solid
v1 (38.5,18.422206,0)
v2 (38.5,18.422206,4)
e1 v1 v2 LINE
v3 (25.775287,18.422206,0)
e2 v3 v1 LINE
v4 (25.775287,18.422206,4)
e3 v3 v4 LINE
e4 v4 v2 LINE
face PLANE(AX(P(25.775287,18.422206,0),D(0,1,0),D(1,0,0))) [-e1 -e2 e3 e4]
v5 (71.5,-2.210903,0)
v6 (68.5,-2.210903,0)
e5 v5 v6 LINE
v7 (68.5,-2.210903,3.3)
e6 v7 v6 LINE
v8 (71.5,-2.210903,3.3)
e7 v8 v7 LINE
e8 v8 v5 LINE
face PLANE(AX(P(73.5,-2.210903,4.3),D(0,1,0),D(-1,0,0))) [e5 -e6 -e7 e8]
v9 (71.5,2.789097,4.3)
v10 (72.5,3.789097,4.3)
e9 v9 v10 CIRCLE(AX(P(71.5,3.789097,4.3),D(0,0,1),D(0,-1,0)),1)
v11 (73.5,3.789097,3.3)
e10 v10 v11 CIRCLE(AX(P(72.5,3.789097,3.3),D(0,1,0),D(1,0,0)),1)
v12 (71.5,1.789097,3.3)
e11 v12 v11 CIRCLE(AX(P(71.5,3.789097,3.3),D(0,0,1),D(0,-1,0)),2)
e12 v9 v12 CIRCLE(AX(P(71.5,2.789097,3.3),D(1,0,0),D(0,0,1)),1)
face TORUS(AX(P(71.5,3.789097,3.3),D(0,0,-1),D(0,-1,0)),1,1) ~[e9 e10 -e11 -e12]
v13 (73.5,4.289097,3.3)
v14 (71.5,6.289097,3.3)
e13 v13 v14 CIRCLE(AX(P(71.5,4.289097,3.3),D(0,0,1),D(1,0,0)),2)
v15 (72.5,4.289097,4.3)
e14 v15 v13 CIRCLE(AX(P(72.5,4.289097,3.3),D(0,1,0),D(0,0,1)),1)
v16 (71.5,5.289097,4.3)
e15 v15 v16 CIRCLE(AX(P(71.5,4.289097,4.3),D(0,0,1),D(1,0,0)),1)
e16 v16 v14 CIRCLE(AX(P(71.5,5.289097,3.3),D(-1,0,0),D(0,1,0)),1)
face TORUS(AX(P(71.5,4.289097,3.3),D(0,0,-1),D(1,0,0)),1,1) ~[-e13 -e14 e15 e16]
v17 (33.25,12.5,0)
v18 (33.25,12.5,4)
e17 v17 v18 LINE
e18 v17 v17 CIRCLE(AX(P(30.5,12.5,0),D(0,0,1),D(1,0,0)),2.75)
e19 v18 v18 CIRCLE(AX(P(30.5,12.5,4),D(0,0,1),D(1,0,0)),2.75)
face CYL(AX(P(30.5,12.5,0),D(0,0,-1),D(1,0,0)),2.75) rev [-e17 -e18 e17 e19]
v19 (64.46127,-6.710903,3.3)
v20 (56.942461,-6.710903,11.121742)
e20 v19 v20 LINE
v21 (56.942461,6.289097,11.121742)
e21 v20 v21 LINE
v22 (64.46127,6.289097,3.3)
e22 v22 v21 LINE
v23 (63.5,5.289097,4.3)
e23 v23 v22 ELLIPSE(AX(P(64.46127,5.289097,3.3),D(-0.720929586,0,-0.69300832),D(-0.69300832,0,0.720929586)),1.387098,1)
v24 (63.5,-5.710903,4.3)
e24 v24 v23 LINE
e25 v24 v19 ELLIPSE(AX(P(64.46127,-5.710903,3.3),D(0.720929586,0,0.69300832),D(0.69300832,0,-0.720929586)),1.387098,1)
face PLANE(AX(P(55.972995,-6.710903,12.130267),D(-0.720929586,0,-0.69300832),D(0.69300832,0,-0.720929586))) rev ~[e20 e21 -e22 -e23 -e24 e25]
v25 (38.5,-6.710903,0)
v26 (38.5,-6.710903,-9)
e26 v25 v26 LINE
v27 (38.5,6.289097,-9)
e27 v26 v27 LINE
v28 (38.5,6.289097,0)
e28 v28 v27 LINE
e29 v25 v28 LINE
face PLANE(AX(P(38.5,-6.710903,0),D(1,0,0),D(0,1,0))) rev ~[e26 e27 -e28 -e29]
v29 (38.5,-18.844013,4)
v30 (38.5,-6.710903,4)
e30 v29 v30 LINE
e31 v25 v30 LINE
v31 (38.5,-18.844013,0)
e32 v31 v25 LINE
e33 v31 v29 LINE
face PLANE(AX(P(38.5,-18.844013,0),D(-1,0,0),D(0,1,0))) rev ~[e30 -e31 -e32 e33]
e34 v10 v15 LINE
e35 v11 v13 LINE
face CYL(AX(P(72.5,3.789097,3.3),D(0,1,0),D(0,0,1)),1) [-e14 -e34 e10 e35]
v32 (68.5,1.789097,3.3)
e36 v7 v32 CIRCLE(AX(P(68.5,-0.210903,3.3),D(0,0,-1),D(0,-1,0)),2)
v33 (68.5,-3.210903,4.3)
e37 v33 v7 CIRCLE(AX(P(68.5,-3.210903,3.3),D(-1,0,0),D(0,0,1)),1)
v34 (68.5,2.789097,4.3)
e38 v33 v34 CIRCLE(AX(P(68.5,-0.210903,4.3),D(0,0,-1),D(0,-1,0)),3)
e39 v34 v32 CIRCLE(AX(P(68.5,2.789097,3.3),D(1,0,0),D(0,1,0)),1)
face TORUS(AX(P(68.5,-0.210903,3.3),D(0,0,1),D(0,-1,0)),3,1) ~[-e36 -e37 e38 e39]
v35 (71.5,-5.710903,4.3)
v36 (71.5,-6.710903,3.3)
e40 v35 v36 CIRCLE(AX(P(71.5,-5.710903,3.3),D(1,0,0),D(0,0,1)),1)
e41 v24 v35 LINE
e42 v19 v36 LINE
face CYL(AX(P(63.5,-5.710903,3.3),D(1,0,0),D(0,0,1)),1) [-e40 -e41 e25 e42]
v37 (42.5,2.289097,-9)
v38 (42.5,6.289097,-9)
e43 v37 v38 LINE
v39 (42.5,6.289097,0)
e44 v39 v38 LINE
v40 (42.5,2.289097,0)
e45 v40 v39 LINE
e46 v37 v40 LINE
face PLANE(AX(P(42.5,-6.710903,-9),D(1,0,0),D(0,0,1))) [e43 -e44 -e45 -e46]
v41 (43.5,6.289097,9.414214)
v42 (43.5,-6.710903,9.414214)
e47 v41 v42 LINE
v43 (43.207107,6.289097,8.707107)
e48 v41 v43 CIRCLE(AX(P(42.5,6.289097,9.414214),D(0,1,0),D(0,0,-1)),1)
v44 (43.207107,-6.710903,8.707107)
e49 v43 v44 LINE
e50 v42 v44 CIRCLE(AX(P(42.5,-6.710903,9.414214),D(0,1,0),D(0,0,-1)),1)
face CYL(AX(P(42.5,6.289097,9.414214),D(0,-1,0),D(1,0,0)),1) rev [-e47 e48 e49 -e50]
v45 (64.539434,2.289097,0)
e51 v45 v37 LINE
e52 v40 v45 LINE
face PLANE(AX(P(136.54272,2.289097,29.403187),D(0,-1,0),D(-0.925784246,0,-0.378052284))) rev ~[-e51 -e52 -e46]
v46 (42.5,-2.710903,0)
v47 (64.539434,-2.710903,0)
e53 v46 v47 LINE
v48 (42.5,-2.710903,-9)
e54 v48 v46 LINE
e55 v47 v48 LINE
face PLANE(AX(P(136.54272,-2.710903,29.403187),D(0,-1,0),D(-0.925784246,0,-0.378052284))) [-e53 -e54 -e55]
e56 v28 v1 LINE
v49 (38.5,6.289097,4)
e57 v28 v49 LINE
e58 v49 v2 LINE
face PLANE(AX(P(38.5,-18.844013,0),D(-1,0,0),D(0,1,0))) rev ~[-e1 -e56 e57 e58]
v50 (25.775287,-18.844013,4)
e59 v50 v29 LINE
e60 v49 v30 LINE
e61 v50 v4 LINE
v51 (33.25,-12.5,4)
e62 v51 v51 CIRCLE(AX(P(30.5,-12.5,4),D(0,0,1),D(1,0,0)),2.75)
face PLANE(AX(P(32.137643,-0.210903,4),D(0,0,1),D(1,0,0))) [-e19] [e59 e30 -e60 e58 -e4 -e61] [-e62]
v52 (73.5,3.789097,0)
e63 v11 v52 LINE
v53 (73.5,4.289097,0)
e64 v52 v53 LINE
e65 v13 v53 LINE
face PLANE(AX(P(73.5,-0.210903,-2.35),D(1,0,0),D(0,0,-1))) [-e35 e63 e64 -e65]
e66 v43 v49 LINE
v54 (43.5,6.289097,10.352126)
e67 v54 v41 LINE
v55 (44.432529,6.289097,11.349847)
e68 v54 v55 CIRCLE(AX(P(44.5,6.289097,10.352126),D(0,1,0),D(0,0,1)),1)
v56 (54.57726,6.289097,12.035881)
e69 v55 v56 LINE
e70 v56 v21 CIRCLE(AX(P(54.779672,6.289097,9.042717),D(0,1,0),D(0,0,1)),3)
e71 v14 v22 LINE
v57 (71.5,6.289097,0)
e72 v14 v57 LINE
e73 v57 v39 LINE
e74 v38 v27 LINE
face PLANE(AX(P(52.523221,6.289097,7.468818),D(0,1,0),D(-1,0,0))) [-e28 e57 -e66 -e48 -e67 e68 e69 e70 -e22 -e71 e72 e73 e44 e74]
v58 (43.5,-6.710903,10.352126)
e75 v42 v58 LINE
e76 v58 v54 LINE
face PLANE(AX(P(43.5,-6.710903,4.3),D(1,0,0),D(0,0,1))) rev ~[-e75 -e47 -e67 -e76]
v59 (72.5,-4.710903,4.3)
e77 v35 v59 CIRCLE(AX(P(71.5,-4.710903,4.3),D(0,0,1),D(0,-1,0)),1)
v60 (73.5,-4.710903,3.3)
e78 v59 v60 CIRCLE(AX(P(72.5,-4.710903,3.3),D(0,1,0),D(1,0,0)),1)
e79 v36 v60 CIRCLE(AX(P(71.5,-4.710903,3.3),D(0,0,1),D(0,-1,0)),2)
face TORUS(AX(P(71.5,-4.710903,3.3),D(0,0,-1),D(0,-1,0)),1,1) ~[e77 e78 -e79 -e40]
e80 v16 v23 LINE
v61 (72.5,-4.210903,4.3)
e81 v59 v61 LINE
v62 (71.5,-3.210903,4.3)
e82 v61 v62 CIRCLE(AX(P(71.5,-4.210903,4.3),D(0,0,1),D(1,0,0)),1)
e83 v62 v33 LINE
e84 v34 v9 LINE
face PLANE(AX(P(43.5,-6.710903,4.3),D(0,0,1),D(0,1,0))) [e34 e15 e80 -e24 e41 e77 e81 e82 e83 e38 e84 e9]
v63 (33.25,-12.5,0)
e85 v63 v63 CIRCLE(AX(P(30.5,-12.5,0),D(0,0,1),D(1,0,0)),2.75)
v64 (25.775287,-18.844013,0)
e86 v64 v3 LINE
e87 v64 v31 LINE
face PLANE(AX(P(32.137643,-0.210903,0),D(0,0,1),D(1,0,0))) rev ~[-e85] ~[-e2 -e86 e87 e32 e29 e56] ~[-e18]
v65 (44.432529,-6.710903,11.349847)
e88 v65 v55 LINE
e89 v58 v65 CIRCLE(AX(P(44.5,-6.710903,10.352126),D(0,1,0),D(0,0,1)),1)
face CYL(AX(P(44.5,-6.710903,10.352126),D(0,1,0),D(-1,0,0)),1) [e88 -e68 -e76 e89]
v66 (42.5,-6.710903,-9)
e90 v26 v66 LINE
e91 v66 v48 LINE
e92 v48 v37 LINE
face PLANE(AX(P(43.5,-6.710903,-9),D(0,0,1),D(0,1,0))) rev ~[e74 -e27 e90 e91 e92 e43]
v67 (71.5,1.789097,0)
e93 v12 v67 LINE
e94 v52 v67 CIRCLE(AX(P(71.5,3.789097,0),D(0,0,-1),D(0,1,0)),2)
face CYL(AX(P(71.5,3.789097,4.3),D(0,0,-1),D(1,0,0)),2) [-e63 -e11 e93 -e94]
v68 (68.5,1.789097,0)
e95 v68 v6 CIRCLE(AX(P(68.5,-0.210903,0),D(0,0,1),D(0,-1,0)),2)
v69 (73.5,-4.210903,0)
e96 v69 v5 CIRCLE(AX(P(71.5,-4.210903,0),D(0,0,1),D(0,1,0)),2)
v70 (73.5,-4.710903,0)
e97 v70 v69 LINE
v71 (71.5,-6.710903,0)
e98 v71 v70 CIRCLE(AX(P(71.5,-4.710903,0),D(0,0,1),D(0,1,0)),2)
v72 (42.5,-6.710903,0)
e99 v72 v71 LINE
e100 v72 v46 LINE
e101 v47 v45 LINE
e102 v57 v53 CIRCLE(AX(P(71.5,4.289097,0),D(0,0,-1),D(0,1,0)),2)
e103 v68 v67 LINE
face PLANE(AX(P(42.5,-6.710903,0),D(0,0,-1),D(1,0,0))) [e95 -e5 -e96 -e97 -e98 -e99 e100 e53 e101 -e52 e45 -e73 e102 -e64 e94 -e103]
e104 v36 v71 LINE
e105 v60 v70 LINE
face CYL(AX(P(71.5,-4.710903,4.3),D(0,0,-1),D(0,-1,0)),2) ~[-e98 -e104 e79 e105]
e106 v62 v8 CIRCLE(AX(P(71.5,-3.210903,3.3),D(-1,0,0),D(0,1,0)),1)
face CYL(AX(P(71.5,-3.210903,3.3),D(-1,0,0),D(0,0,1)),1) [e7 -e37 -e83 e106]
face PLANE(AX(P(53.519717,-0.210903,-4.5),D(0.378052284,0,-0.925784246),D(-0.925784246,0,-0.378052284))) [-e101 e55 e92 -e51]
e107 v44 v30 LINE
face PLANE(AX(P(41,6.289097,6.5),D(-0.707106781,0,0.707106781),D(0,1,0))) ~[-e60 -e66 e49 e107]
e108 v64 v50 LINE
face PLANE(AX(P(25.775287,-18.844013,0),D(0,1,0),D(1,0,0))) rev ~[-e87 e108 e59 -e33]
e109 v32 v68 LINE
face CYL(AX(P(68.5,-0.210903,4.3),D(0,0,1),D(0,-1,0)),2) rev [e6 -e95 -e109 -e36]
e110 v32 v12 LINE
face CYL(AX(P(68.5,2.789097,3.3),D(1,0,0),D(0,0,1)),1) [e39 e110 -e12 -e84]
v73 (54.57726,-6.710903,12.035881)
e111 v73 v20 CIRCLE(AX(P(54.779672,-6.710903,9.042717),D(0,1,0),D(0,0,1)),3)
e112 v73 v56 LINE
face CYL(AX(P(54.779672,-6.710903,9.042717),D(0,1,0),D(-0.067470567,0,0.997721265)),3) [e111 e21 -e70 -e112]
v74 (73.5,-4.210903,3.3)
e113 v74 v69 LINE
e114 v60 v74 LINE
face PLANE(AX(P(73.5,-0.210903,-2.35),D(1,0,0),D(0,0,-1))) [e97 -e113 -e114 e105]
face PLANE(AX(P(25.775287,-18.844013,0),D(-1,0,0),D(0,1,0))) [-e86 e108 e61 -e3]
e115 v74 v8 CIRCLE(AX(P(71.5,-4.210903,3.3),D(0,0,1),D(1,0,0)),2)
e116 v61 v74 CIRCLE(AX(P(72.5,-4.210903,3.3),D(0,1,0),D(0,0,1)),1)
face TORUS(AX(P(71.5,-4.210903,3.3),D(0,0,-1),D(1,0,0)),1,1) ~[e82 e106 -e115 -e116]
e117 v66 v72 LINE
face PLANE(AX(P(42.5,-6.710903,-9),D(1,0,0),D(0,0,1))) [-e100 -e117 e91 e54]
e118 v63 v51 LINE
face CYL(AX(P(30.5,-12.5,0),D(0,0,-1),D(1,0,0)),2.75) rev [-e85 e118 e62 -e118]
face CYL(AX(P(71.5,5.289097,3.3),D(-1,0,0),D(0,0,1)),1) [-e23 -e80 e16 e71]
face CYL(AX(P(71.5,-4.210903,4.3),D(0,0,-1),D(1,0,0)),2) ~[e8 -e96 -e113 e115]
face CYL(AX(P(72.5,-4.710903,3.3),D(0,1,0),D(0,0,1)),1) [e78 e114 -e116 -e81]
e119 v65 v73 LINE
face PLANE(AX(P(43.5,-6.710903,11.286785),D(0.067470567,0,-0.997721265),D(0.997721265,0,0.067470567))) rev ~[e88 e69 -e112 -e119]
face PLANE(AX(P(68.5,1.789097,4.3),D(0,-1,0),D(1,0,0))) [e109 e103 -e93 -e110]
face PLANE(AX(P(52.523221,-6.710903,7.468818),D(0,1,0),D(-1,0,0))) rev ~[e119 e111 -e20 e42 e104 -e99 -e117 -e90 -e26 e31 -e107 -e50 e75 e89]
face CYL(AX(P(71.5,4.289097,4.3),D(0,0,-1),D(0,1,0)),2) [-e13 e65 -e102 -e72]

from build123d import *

# Parameters (mm, degrees)
SKETCH_2_W          = 12.724713087
SKETCH_2_H          = 37.266218859
SKETCH_2_R          = 2.75
EXTRUDE_1_DEPTH     = 4
SKETCH_3_W          = 5
SKETCH_3_H          = 13
EXTRUDE_2_DEPTH     = 4
SKETCH_4_W          = 5
SKETCH_4_H          = 13
EXTRUDE_4_DEPTH     = 9
SKETCH_5_W          = 13.3
SKETCH_5_H          = 13
EXTRUDE_5_DEPTH     = 30
CUT_EXTRUDE_2_DEPTH = 78.033997806
EXTRUDE_6_DEPTH     = 13
FILLET_4_R          = 3
SKETCH_12_W         = 31
SKETCH_12_H         = 9
CUT_EXTRUDE_3_DEPTH = 79.606298904
RIB_1_REACH         = 78.775
SKETCH_13_WALL_W    = 179.357132042
SKETCH_13_WALL_H    = 5
CHAMFER_1_SIZE      = 5
FILLET_5_R          = 1
FILLET_6_R          = 2
FILLET_7_R          = 1


with BuildPart() as part:
    # 草图2 → 凸台-拉伸1 (new body)
    with BuildSketch(Plane.XY):
        with Locations((32.137643457, -0.210903357)):
            Rectangle(SKETCH_2_W, SKETCH_2_H)
        with Locations((30.5, -12.5)):
            Circle(SKETCH_2_R, mode=Mode.SUBTRACT)
        with Locations((30.5, 12.5)):
            Circle(SKETCH_2_R, mode=Mode.SUBTRACT)
    extrude(amount=EXTRUDE_1_DEPTH)

    # 草图3 → 凸台-拉伸2 (add)
    with BuildSketch(Plane(origin=(0, 230.908781145, 0), x_dir=(-1, 0, 0), z_dir=(0, 0, 1))):
        with Locations((-41, 231.119684502)):
            Rectangle(SKETCH_3_W, SKETCH_3_H)
    extrude(amount=EXTRUDE_2_DEPTH)

    # 草图4 → 凸台-拉伸4 (add)
    with BuildSketch(Plane.XY):
        with Locations((41, -0.210903358)):
            Rectangle(SKETCH_4_W, SKETCH_4_H)
    extrude(amount=-EXTRUDE_4_DEPTH)

    # 草图5 → 凸台-拉伸5 (add)
    with BuildSketch(Plane(origin=(43.5, 0, 0), x_dir=(0, 0, -1), z_dir=(1, 0, 0))):
        with Locations((2.35, -0.210903358)):
            Rectangle(SKETCH_5_W, SKETCH_5_H)
    extrude(amount=EXTRUDE_5_DEPTH)

    # 草图9 → 切除-拉伸2 (cut, through all)
    with BuildSketch(Plane.XY.offset(4.3)):
        with BuildLine():
            Line((68.5, 1.789096642), (73.5, 1.789096642))
            Line((73.5, 1.789096642), (73.5, -2.210903358))
            Line((73.5, -2.210903358), (68.5, -2.210903358))
            ThreePointArc((68.5, -2.210903358), (66.5, -0.210903358), (68.5, 1.789096642))
        make_face()
    extrude(amount=-CUT_EXTRUDE_2_DEPTH, mode=Mode.SUBTRACT)

    # 草图10 → 凸台-拉伸6 (add)
    with BuildSketch(Plane.XZ.offset(6.710903358)):
        Polygon((43.5, 11.286784974), (55.972995456, 12.130267128), (63.5, 4.3), (43.5, 4.3), align=None)
    extrude(amount=-EXTRUDE_6_DEPTH)

    # 圆角4
    fillet_4_edges = [part.edges().sort_by_distance(p)[0] for p in [
        (55.972995456, -0.210903358, 12.130267128),
    ]]
    fillet(fillet_4_edges, radius=FILLET_4_R)

    # 草图12 → 切除-拉伸3 (cut, through all)
    with BuildSketch(Plane.XZ.offset(6.710903358)):
        with Locations((58, -4.5)):
            Rectangle(SKETCH_12_W, SKETCH_12_H)
    extrude(amount=-CUT_EXTRUDE_3_DEPTH, mode=Mode.SUBTRACT)

    # 草图13 wall → 筋1 (add, up to next)
    with BuildSketch(Plane(origin=(53.519716797, -0.210903358, -4.5), x_dir=(-0.925784246104, 0, -0.378052284302), z_dir=(0.378052284302, 0, -0.925784246104)), mode=Mode.PRIVATE) as rib_1_sk1:
        Rectangle(SKETCH_13_WALL_W, SKETCH_13_WALL_H)
    rib_1_tool1 = extrude(rib_1_sk1.sketch, amount=-RIB_1_REACH, mode=Mode.PRIVATE) - part.part
    add(rib_1_tool1.solids().sort_by_distance((53.519716797, -0.210903358, -4.5))[0])

    # 倒角1
    chamfer_1_edges = [part.edges().sort_by_distance(p)[0] for p in [
        (43.5, -0.210903358, 4),
    ]]
    chamfer(chamfer_1_edges, length=CHAMFER_1_SIZE)

    # 圆角5
    fillet_5_edges = [part.edges().sort_by_distance(p)[0] for p in [
        (43.5, -0.210903358, 9),
        (43.5, -0.210903358, 11.286784974),
    ]]
    fillet(fillet_5_edges, radius=FILLET_5_R)

    # 圆角6
    fillet_6_edges = [part.edges().sort_by_distance(p)[0] for p in [
        (73.5, 1.789096642, 2.15),
        (73.5, -2.210903358, 2.15),
        (73.5, 6.289096642, 2.15),
        (73.5, -6.710903358, 2.15),
    ]]
    fillet(fillet_6_edges, radius=FILLET_6_R)

    # 圆角7
    fillet_7_edges = [part.edges().sort_by_distance(p)[0] for p in [
        (70, 1.789096642, 4.3),
        (67.5, -6.710903358, 4.3),
        (73.5, -4.460903358, 4.3),
        (73.5, 4.039096642, 4.3),
        (67.5, 6.289096642, 4.3),
        (72.914213562, -6.12511692, 4.3),
        (72.914213562, 5.703310205, 4.3),
        (72.914213562, -2.796689795, 4.3),
        (72.914213562, 2.37488308, 4.3),
        (66.5, -0.210903358, 4.3),
        (70, -2.210903358, 4.3),
    ]]
    fillet(fillet_7_edges, radius=FILLET_7_R)


solid = part.part
